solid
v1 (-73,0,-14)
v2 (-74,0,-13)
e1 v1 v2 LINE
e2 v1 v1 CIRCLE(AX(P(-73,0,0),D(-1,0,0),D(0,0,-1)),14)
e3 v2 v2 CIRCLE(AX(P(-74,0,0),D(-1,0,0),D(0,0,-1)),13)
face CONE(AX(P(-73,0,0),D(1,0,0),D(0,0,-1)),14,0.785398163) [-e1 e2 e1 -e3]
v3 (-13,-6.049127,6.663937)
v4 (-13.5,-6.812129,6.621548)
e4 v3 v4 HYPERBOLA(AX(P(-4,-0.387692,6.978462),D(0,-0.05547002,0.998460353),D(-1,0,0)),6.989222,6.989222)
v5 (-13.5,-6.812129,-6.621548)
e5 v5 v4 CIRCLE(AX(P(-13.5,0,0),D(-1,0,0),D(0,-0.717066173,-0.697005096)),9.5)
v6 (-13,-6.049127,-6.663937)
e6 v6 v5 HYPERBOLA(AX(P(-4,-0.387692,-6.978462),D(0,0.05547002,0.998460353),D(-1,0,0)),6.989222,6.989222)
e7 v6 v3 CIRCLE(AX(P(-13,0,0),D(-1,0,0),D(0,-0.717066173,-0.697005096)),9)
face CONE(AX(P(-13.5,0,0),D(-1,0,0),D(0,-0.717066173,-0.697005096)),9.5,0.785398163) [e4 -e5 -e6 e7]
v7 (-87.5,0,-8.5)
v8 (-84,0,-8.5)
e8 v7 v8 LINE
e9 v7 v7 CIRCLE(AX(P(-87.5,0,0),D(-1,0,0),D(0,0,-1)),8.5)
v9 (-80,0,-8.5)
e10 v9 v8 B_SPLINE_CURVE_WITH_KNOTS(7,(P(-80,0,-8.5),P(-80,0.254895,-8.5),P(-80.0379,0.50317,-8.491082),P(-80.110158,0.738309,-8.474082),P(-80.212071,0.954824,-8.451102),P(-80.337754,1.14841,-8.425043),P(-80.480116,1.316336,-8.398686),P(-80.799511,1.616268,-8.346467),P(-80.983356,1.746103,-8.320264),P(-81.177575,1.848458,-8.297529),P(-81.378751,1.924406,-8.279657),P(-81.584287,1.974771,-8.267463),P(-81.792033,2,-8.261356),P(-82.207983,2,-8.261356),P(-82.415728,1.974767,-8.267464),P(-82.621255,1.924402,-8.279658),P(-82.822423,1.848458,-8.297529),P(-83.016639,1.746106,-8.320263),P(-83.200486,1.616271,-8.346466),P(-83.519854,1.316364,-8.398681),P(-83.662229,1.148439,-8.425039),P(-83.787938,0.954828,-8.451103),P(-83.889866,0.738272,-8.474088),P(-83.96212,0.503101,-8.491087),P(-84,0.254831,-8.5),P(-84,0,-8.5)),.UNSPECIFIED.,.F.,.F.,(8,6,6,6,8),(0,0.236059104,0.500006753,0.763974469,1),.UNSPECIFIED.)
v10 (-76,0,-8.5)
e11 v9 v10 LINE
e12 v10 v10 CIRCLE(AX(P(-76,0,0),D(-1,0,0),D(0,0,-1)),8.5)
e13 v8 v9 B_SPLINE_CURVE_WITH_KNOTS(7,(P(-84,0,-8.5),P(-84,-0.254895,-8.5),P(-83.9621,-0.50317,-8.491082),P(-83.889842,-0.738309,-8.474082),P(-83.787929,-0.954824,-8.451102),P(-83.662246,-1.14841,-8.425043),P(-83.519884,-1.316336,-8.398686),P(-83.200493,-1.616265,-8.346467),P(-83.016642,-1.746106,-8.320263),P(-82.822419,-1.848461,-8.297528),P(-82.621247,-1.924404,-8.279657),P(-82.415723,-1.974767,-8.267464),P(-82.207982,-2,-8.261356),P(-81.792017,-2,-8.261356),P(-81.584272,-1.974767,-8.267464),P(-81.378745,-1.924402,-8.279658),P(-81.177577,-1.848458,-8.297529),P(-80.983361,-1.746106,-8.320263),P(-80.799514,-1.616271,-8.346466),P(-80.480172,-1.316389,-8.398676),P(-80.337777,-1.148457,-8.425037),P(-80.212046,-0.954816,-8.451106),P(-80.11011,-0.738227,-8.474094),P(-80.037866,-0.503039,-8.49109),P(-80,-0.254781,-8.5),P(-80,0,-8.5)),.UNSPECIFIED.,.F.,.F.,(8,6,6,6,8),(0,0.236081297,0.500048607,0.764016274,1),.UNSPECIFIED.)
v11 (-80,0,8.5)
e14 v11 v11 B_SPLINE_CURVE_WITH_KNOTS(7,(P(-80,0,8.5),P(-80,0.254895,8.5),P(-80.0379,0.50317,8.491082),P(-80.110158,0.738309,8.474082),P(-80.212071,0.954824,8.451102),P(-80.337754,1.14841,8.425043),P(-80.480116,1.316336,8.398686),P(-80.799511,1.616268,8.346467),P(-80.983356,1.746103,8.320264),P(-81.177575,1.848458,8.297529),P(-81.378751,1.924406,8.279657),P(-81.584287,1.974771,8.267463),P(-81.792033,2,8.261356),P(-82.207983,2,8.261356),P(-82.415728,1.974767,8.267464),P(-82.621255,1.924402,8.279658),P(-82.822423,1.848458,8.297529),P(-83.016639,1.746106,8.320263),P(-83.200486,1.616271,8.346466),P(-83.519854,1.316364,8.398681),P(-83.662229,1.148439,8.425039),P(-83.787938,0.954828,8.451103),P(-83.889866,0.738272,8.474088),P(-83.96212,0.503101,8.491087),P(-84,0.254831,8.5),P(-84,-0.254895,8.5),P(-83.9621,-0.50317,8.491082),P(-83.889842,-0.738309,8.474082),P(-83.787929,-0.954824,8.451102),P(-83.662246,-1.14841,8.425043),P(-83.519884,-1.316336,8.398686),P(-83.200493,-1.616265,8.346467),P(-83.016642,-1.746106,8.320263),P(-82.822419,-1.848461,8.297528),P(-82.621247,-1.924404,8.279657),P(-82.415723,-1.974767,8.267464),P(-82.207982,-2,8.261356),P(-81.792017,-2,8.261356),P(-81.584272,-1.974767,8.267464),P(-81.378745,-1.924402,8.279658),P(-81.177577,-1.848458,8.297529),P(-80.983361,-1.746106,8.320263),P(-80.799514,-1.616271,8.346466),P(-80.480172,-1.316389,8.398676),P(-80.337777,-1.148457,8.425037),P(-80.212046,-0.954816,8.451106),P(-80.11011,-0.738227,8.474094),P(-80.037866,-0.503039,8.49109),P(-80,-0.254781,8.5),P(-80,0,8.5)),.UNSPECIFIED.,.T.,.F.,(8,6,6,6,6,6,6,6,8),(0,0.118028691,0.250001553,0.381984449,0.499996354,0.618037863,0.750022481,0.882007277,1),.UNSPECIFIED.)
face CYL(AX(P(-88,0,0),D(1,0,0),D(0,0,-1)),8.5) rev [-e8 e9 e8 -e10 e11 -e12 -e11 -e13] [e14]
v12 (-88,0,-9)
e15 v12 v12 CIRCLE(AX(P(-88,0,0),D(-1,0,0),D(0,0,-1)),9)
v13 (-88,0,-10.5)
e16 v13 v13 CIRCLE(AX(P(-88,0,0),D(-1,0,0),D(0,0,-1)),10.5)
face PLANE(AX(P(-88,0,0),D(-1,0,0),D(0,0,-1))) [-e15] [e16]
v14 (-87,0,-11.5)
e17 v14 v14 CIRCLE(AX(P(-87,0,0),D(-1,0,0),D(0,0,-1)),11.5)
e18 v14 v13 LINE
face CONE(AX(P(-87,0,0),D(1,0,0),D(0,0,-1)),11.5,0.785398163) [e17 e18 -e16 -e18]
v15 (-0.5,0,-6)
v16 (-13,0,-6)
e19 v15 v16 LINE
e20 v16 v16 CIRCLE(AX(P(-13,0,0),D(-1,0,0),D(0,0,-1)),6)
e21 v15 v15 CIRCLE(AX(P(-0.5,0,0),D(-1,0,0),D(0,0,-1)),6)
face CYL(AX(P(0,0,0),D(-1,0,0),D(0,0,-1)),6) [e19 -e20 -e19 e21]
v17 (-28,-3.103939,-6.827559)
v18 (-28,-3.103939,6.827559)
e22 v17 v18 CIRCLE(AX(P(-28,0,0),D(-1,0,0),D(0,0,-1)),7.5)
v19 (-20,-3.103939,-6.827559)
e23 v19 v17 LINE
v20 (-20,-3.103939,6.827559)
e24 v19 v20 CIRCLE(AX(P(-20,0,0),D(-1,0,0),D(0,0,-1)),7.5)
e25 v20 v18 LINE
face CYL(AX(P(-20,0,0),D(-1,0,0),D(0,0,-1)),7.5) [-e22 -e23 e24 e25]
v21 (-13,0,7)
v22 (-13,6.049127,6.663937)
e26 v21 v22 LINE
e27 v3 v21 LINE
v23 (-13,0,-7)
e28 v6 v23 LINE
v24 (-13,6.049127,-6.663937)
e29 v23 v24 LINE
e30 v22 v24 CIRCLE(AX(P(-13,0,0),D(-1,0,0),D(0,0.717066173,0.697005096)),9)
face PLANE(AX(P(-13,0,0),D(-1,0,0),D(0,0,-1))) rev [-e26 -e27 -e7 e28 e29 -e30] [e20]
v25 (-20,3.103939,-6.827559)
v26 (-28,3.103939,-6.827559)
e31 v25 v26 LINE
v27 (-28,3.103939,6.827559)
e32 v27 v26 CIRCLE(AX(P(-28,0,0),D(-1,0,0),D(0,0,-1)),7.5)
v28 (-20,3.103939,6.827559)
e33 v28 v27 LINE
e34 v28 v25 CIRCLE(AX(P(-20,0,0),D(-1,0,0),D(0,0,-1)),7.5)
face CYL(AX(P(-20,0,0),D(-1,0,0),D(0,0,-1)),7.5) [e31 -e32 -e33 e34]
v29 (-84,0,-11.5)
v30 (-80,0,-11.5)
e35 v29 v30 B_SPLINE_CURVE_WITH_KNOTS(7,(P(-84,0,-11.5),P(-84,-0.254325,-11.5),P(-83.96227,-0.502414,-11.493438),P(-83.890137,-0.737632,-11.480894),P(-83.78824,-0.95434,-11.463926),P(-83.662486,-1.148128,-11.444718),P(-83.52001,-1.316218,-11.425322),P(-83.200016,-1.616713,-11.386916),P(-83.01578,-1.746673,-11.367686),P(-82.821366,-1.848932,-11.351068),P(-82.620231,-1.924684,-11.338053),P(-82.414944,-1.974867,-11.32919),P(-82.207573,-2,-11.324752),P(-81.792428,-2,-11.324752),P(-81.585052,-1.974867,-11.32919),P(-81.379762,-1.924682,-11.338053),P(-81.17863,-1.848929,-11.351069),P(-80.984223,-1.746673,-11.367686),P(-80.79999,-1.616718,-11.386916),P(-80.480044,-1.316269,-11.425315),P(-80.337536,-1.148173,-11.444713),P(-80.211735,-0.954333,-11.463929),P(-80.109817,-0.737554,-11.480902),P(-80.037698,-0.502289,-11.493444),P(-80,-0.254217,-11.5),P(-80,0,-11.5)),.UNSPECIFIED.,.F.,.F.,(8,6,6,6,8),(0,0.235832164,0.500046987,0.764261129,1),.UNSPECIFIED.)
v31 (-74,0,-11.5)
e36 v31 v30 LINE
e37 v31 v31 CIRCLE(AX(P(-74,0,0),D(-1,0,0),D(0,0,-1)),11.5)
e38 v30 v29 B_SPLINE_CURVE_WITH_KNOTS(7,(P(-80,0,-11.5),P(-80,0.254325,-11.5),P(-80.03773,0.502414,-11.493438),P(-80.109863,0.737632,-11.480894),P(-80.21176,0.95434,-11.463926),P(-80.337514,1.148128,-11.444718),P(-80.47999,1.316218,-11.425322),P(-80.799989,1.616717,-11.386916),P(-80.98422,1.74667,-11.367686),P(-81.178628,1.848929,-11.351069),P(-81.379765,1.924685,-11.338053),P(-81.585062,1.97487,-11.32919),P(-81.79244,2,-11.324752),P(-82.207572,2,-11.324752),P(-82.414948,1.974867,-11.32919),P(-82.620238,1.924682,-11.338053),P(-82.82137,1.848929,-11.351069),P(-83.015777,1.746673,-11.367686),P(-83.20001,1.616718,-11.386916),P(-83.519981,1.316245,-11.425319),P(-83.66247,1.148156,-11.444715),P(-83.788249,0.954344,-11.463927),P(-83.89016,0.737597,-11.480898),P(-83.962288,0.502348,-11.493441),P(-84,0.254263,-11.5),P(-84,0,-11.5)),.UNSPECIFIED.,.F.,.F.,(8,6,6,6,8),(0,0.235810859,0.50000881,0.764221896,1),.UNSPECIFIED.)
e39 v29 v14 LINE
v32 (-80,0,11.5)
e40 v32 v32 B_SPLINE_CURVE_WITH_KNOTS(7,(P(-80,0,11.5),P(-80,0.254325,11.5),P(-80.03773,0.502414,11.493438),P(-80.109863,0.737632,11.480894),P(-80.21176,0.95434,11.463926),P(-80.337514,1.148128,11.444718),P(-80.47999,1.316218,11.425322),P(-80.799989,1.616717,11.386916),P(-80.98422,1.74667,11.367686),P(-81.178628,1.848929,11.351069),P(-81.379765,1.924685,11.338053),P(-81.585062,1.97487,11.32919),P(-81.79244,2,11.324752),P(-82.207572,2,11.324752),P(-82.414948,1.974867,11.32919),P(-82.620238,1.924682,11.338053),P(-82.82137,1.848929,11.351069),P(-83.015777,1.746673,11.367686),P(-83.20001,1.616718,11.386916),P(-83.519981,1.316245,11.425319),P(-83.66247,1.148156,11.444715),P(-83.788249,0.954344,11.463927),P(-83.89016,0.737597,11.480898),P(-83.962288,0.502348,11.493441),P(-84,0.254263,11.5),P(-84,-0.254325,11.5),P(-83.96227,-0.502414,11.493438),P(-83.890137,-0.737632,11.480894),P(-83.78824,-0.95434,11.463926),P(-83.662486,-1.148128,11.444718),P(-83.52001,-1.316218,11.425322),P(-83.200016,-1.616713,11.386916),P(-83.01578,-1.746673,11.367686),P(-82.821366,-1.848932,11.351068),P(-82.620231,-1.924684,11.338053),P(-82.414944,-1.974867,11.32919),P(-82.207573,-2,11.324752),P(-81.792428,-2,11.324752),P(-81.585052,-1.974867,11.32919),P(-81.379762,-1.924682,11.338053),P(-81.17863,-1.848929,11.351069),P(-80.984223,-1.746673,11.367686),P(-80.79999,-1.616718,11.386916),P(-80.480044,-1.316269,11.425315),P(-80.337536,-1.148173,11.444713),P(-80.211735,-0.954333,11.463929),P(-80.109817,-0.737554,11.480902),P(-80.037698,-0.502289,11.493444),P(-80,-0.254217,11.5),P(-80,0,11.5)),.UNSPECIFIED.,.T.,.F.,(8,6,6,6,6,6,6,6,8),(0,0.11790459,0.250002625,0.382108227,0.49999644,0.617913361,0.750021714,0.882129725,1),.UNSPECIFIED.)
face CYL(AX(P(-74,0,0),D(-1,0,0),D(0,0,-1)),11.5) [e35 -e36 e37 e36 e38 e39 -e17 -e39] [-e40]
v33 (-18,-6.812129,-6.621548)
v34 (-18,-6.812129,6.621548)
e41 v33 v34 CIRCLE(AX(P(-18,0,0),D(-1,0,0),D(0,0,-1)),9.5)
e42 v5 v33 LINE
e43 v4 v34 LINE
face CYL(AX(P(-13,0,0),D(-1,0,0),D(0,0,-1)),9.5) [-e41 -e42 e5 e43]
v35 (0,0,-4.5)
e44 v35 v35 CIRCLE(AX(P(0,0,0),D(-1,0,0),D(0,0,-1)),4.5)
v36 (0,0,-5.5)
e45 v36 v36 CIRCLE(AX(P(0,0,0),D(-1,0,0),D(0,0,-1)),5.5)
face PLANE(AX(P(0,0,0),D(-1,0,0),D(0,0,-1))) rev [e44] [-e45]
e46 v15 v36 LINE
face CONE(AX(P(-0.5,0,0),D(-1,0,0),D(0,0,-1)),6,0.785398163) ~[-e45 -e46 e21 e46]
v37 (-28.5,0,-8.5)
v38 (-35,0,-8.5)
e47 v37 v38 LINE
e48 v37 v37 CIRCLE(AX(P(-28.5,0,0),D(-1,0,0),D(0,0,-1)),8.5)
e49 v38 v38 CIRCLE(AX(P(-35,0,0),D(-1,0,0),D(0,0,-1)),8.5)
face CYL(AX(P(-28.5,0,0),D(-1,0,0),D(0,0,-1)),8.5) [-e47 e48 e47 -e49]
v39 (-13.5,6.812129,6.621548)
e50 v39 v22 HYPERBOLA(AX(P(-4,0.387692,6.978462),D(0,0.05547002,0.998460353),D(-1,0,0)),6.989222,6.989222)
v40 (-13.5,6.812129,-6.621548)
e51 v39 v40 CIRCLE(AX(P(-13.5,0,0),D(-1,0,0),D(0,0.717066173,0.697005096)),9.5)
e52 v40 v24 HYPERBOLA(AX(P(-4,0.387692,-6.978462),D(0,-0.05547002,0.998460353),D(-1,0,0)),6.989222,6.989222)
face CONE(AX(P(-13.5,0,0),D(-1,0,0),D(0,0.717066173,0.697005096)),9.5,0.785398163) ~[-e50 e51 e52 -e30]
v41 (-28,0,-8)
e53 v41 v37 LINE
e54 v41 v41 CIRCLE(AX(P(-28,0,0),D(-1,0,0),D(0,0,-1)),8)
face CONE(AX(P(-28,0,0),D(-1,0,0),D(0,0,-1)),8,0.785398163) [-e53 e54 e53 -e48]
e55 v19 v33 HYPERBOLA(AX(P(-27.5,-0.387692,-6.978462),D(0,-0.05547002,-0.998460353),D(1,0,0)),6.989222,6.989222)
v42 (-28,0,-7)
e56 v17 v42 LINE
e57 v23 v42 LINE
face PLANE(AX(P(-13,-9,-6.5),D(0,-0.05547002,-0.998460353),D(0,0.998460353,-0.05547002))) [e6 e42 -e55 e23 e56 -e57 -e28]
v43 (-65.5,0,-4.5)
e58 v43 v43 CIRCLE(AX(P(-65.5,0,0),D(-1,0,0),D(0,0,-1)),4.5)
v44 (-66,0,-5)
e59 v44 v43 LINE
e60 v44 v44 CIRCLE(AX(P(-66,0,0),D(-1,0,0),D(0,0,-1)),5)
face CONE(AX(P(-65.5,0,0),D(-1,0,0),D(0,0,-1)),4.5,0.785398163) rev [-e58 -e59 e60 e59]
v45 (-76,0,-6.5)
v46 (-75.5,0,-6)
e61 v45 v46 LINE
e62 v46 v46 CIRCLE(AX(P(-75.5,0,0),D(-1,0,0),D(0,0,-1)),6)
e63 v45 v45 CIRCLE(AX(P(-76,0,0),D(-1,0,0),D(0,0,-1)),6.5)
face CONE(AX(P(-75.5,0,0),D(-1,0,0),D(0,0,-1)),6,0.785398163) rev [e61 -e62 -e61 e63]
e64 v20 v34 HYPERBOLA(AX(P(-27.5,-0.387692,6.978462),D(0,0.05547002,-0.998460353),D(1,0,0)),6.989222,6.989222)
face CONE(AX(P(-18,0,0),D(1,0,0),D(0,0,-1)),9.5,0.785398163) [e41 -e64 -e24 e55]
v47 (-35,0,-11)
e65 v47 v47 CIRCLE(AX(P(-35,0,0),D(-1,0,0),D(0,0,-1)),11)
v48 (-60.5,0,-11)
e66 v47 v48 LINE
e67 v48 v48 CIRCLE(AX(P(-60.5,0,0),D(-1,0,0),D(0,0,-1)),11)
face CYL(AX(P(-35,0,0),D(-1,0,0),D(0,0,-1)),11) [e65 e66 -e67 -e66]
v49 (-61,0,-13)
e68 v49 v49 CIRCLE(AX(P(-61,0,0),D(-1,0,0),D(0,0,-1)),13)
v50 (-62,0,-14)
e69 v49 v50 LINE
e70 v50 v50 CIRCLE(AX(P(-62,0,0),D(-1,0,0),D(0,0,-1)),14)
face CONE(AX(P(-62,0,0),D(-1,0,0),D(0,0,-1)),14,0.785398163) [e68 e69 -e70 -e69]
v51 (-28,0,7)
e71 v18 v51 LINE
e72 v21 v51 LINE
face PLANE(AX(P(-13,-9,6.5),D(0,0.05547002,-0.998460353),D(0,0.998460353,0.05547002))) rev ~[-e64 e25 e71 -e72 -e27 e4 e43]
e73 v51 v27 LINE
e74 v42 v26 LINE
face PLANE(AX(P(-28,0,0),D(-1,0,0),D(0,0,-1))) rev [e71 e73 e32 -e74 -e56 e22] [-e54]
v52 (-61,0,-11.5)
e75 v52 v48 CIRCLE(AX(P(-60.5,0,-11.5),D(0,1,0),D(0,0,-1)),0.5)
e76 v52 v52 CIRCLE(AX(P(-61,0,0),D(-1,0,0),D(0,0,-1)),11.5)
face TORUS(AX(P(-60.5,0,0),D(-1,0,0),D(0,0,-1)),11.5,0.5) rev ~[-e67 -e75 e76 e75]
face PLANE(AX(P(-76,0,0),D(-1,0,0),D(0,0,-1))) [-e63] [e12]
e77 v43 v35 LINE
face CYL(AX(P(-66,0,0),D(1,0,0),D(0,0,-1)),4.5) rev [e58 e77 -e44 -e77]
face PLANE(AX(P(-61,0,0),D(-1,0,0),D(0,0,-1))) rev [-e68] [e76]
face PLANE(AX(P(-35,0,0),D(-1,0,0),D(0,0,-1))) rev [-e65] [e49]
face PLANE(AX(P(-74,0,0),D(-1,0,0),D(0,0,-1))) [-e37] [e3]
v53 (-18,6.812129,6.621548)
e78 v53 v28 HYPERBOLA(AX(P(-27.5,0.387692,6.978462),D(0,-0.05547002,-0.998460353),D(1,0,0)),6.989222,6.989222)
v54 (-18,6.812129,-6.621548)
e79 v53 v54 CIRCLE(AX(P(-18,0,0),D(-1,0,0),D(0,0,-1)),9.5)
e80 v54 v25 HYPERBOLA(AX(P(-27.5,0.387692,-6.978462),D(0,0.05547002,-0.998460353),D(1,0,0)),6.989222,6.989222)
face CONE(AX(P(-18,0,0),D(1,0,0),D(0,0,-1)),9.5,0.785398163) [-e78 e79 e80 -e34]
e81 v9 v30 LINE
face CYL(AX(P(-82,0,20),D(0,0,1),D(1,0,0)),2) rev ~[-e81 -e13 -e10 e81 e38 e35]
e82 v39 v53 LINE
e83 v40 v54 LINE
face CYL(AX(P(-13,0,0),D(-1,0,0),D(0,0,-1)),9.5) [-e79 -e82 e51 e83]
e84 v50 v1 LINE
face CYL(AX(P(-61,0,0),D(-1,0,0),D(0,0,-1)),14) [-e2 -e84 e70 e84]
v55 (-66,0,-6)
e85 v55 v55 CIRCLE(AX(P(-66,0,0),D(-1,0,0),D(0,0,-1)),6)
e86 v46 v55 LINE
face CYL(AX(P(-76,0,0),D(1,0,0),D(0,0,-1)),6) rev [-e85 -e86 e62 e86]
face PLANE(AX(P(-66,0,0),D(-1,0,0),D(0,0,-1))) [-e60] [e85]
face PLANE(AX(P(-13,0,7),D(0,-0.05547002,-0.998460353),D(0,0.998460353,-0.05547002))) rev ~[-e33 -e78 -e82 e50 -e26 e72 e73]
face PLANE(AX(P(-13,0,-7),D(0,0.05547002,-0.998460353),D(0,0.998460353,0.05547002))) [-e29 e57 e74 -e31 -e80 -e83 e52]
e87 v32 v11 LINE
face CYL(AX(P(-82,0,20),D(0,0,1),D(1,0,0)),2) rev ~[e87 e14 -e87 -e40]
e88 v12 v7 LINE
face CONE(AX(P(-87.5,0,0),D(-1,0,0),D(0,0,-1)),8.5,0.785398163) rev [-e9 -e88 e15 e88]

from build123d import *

# Parameters (mm, degrees)
CHANFREIN1_SIZE         = 1
CONG_1_R                = 0.5
CHANFREIN2_SIZE         = 0.5
ENL_V_MAT_EXTRU_1_DEPTH = 15
CHANFREIN3_SIZE         = 0.5
ESQUISSE3_R             = 2
ENL_V_MAT_EXTRU_2_DEPTH = 96.372952141


with BuildPart() as part:
    # Esquisse1 → Base-Révolution (revolve)
    with BuildSketch(Plane.XY, mode=Mode.PRIVATE) as base_r_volution_sk:
        Polygon((0, 4.5), (0, 6), (-13, 6), (-13, 9.5), (-18, 9.5), (-20, 7.5), (-28, 7.5), (-28, 8), (-28.5, 8.5), (-35, 8.5), (-35, 11), (-61, 11), (-61, 14), (-74, 14), (-74, 11.5), (-88, 11.5), (-88, 8.5), (-76, 8.5), (-76, 6), (-66, 6), (-66, 4.5), align=None)
    revolve(base_r_volution_sk.sketch.rotate(Axis((11, 0, 0), (-1, 0, 0)), 90), axis=Axis((11, 0, 0), (-1, 0, 0)))

    # Chanfrein1
    chanfrein1_edges = [part.edges().sort_by_distance(p)[0] for p in [
        (-61, 0, 14),
        (-74, 0, 14),
        (-88, 0, 11.5),
    ]]
    chamfer(chanfrein1_edges, length=CHANFREIN1_SIZE)

    # Congé1
    cong_1_edges = [part.edges().sort_by_distance(p)[0] for p in [
        (-61, 0, 11),
    ]]
    fillet(cong_1_edges, radius=CONG_1_R)

    # Chanfrein2
    chanfrein2_edges = [part.edges().sort_by_distance(p)[0] for p in [
        (-88, 0, 8.5),
        (-76, 0, 6),
        (0, 0, 6),
        (-66, 0, 4.5),
    ]]
    chamfer(chanfrein2_edges, length=CHANFREIN2_SIZE)

    # Esquisse2 → Enlèv. mat.-Extru.1 (cut)
    with BuildSketch(Plane(origin=(-13, 0, 0), x_dir=(0, 0, -1), z_dir=(1, 0, 0))):
        Polygon((-7, 0), (-6.5, 9), (-14, 9), (-14, -9), (-6.5, -9), align=None)
        Polygon((14, -9), (6.5, -9), (7, 0), (6.5, 9), (14, 9), align=None)
    extrude(amount=-ENL_V_MAT_EXTRU_1_DEPTH, mode=Mode.SUBTRACT)

    # Chanfrein3
    chanfrein3_edges = [part.edges().sort_by_distance(p)[0] for p in [
        (-13, 9.5, 0),
        (-13, -9.5, 0),
    ]]
    chamfer(chanfrein3_edges, length=CHANFREIN3_SIZE)

    # Esquisse3 → Enlèv. mat.-Extru.2 (cut, through all)
    with BuildSketch(Plane.XY.offset(20)):
        with Locations((-82, 0)):
            Circle(ESQUISSE3_R)
    extrude(amount=-ENL_V_MAT_EXTRU_2_DEPTH, mode=Mode.SUBTRACT)


solid = part.part
